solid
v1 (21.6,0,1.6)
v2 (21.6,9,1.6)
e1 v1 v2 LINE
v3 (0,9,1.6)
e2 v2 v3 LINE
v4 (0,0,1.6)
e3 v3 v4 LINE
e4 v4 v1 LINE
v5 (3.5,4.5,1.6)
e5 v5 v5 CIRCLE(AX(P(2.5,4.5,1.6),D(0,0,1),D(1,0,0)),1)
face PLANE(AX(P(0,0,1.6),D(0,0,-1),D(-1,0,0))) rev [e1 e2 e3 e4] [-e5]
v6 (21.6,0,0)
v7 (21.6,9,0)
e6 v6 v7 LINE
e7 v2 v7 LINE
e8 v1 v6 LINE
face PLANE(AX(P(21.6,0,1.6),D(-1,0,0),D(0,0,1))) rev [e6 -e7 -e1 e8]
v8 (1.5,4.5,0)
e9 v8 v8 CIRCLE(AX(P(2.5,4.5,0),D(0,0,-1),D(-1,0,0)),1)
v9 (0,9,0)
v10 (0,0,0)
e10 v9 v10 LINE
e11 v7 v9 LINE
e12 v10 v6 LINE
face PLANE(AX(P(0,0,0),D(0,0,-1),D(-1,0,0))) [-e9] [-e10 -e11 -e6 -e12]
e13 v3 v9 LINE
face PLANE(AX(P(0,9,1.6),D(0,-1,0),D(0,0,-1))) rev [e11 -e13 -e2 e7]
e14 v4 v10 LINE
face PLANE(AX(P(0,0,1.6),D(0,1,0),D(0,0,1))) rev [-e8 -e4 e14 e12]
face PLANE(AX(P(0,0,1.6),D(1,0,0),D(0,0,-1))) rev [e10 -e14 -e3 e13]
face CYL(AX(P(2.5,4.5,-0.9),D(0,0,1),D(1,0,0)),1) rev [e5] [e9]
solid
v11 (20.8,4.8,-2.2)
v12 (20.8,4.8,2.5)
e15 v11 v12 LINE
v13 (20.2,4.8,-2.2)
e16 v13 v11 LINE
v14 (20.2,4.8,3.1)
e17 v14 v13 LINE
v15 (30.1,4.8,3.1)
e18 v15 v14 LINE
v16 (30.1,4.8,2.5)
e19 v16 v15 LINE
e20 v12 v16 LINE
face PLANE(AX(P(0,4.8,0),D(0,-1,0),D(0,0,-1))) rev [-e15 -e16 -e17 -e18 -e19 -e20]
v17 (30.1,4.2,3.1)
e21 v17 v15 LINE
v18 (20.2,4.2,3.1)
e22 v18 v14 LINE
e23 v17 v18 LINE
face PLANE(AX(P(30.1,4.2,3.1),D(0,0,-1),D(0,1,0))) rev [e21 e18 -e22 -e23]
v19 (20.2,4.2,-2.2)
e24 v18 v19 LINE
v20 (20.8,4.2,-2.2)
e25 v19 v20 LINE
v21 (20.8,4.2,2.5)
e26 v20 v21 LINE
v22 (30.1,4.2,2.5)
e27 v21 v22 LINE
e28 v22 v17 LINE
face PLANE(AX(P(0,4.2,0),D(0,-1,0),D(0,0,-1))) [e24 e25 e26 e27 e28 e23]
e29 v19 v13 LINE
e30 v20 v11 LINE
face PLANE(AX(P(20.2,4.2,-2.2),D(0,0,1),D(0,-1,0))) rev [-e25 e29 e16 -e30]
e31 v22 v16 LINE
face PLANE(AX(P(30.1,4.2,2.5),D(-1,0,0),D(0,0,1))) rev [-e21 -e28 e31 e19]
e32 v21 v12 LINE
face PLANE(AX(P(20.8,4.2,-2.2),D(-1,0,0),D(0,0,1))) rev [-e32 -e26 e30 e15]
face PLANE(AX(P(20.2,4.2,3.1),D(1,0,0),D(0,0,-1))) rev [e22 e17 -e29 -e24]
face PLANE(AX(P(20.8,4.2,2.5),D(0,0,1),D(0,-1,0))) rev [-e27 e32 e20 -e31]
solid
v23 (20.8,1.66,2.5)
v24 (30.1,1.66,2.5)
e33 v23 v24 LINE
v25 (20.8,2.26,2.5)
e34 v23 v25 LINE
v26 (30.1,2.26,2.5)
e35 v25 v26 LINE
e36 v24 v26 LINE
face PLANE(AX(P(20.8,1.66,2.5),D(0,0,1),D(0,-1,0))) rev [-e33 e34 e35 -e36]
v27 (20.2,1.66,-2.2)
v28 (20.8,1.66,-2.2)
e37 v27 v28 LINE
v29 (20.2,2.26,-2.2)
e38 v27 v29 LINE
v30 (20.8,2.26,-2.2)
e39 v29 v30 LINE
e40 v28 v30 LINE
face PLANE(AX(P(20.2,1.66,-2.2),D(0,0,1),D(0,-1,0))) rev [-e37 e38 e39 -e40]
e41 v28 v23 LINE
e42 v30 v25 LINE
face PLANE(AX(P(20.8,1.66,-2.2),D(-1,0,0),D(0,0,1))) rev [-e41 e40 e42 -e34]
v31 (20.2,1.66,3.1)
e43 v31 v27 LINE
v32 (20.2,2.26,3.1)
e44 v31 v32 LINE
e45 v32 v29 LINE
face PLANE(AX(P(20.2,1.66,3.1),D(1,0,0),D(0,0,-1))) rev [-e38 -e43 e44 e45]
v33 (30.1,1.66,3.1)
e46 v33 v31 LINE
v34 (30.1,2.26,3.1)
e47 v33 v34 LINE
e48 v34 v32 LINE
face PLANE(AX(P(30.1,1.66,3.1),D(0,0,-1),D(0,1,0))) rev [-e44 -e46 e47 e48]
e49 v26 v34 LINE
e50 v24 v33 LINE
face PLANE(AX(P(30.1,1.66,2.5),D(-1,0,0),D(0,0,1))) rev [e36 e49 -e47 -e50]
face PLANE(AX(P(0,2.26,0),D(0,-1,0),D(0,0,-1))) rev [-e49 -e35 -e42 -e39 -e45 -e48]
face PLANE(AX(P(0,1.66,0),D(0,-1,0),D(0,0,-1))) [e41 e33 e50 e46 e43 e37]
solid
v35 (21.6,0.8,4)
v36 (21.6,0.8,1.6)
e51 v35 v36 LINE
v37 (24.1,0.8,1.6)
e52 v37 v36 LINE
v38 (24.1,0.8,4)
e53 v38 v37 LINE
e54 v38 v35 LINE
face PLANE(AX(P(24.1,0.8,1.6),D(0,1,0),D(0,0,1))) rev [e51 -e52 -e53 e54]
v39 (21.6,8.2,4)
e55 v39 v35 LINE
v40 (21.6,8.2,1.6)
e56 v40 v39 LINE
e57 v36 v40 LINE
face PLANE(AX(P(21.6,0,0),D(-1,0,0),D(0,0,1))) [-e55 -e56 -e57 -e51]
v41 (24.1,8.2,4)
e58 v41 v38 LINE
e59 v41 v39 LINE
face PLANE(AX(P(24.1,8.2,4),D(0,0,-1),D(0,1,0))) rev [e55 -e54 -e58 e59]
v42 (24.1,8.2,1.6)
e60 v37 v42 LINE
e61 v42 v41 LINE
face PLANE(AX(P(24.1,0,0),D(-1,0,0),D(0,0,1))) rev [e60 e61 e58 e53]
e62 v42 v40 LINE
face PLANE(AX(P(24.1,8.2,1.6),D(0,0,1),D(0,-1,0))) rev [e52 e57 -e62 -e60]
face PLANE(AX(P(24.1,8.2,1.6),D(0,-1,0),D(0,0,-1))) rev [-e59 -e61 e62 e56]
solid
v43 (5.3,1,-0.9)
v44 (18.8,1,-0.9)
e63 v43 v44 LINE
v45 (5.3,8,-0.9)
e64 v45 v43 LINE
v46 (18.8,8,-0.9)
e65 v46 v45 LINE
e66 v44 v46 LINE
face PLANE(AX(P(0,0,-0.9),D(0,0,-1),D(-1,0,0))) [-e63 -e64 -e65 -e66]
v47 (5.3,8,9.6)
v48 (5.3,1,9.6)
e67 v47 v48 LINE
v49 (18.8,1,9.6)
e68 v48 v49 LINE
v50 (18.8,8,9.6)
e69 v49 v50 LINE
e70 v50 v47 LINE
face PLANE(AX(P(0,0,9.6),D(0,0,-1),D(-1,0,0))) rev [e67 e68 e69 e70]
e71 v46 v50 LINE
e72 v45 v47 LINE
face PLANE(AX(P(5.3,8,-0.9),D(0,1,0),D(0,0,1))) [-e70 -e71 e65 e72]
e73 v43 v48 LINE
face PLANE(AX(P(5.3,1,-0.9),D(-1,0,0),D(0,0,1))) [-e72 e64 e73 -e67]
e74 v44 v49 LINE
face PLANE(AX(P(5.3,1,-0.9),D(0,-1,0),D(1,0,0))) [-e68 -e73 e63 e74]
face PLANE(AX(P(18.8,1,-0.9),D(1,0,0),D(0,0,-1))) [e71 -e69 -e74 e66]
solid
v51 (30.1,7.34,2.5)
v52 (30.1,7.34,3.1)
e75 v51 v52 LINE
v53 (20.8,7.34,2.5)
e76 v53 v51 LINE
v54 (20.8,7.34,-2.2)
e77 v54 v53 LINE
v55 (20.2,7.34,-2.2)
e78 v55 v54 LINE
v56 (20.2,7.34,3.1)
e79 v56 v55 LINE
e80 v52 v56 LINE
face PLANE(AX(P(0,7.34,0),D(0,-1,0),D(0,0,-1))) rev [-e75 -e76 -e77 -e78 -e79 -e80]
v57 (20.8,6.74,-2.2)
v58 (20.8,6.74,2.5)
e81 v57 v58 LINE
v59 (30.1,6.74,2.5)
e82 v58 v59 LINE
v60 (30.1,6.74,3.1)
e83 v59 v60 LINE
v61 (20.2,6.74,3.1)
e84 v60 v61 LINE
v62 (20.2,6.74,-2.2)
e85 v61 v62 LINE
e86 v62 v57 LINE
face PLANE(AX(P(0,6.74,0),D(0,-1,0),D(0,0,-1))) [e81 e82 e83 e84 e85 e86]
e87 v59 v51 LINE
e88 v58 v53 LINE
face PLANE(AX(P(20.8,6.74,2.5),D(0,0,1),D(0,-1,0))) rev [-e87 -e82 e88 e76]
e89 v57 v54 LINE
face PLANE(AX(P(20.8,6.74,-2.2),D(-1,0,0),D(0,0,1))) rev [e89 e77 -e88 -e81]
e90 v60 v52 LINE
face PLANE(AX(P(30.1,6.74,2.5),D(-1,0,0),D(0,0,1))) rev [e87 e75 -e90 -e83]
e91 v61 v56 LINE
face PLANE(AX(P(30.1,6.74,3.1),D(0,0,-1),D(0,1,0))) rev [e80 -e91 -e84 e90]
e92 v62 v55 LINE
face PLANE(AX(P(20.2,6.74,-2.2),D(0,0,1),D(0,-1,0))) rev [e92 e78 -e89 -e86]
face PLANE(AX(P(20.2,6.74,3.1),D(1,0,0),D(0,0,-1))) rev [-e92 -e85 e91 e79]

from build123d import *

# Parameters (mm, degrees)
ESQUISSE1_W                = 21.6
ESQUISSE1_H                = 9
BOSS_EXTRU_1_DEPTH         = 1.6
BOSS_EXTRU_2_DEPTH         = 8
BOSS_EXTRU_2_DEPTH_BACK    = 2.5
ESQUISSE2_W                = 13.5
ESQUISSE2_H                = 7
ESQUISSE3_R                = 1
ENL_V_MAT_EXTRU_1_DEPTH    = 25.729739182
ESQUISSE4_W                = 2.4
ESQUISSE4_H                = 7.4
BOSS_EXTRU_3_DEPTH         = 2.5
BOSS_EXTRU_5_START         = -1.46
BOSS_EXTRU_5_DEPTH         = 0.6
R_P_TITION_LIN_AIRE1_COUNT = 3
R_P_TITION_LIN_AIRE1_PITCH = 2.54


with BuildPart() as part:
    # Esquisse1 → Boss.-Extru.1 (new body)
    with BuildSketch(Plane.XY):
        with Locations((10.8, 4.5)):
            Rectangle(ESQUISSE1_W, ESQUISSE1_H)
    extrude(amount=BOSS_EXTRU_1_DEPTH)

    # Esquisse3 → Enlèv. mat.-Extru.1 (cut, through all)
    with BuildSketch(Plane.XY.offset(1.6)):
        with Locations((2.5, 4.5)):
            Circle(ESQUISSE3_R)
    extrude(amount=-ENL_V_MAT_EXTRU_1_DEPTH, mode=Mode.SUBTRACT)


with BuildPart() as body_2:
    # Esquisse2 → Boss.-Extru.2 (new, two sides: drawn at the far end of the back side and taken through both)
    with BuildSketch(Plane.XY.offset(1.6).offset(-BOSS_EXTRU_2_DEPTH_BACK)):
        with Locations((12.05, 4.5)):
            Rectangle(ESQUISSE2_W, ESQUISSE2_H)
    extrude(amount=BOSS_EXTRU_2_DEPTH + BOSS_EXTRU_2_DEPTH_BACK)


with BuildPart() as body_3:
    # Esquisse4 → Boss.-Extru.3 (new body)
    with BuildSketch(Plane(origin=(21.6, 0, 0), x_dir=(0, 0, -1), z_dir=(1, 0, 0))):
        with Locations((-2.8, 4.5)):
            Rectangle(ESQUISSE4_W, ESQUISSE4_H)
    extrude(amount=BOSS_EXTRU_3_DEPTH)


with BuildPart() as body_4:
    # Esquisse5 → Boss.-Extru.5 (new body)
    with BuildSketch(Plane.XZ.offset(-0.8).offset(BOSS_EXTRU_5_START)):
        Polygon((30.1, 3.1), (20.2, 3.1), (20.2, -2.2), (20.8, -2.2), (20.8, 2.5), (30.1, 2.5), align=None)
    extrude(amount=BOSS_EXTRU_5_DEPTH)


with BuildPart() as r_p_tition_lin_aire1_1:
    # Répétition linéaire1: pattern copy
    add(body_4.part.moved(Location(Vector(0, 1, 0) * (1 * R_P_TITION_LIN_AIRE1_PITCH))))


with BuildPart() as r_p_tition_lin_aire1_2:
    # Répétition linéaire1: pattern copy
    add(body_4.part.moved(Location(Vector(0, 1, 0) * (2 * R_P_TITION_LIN_AIRE1_PITCH))))


solid = Compound([part.part, body_2.part, body_3.part, body_4.part, r_p_tition_lin_aire1_1.part, r_p_tition_lin_aire1_2.part])
